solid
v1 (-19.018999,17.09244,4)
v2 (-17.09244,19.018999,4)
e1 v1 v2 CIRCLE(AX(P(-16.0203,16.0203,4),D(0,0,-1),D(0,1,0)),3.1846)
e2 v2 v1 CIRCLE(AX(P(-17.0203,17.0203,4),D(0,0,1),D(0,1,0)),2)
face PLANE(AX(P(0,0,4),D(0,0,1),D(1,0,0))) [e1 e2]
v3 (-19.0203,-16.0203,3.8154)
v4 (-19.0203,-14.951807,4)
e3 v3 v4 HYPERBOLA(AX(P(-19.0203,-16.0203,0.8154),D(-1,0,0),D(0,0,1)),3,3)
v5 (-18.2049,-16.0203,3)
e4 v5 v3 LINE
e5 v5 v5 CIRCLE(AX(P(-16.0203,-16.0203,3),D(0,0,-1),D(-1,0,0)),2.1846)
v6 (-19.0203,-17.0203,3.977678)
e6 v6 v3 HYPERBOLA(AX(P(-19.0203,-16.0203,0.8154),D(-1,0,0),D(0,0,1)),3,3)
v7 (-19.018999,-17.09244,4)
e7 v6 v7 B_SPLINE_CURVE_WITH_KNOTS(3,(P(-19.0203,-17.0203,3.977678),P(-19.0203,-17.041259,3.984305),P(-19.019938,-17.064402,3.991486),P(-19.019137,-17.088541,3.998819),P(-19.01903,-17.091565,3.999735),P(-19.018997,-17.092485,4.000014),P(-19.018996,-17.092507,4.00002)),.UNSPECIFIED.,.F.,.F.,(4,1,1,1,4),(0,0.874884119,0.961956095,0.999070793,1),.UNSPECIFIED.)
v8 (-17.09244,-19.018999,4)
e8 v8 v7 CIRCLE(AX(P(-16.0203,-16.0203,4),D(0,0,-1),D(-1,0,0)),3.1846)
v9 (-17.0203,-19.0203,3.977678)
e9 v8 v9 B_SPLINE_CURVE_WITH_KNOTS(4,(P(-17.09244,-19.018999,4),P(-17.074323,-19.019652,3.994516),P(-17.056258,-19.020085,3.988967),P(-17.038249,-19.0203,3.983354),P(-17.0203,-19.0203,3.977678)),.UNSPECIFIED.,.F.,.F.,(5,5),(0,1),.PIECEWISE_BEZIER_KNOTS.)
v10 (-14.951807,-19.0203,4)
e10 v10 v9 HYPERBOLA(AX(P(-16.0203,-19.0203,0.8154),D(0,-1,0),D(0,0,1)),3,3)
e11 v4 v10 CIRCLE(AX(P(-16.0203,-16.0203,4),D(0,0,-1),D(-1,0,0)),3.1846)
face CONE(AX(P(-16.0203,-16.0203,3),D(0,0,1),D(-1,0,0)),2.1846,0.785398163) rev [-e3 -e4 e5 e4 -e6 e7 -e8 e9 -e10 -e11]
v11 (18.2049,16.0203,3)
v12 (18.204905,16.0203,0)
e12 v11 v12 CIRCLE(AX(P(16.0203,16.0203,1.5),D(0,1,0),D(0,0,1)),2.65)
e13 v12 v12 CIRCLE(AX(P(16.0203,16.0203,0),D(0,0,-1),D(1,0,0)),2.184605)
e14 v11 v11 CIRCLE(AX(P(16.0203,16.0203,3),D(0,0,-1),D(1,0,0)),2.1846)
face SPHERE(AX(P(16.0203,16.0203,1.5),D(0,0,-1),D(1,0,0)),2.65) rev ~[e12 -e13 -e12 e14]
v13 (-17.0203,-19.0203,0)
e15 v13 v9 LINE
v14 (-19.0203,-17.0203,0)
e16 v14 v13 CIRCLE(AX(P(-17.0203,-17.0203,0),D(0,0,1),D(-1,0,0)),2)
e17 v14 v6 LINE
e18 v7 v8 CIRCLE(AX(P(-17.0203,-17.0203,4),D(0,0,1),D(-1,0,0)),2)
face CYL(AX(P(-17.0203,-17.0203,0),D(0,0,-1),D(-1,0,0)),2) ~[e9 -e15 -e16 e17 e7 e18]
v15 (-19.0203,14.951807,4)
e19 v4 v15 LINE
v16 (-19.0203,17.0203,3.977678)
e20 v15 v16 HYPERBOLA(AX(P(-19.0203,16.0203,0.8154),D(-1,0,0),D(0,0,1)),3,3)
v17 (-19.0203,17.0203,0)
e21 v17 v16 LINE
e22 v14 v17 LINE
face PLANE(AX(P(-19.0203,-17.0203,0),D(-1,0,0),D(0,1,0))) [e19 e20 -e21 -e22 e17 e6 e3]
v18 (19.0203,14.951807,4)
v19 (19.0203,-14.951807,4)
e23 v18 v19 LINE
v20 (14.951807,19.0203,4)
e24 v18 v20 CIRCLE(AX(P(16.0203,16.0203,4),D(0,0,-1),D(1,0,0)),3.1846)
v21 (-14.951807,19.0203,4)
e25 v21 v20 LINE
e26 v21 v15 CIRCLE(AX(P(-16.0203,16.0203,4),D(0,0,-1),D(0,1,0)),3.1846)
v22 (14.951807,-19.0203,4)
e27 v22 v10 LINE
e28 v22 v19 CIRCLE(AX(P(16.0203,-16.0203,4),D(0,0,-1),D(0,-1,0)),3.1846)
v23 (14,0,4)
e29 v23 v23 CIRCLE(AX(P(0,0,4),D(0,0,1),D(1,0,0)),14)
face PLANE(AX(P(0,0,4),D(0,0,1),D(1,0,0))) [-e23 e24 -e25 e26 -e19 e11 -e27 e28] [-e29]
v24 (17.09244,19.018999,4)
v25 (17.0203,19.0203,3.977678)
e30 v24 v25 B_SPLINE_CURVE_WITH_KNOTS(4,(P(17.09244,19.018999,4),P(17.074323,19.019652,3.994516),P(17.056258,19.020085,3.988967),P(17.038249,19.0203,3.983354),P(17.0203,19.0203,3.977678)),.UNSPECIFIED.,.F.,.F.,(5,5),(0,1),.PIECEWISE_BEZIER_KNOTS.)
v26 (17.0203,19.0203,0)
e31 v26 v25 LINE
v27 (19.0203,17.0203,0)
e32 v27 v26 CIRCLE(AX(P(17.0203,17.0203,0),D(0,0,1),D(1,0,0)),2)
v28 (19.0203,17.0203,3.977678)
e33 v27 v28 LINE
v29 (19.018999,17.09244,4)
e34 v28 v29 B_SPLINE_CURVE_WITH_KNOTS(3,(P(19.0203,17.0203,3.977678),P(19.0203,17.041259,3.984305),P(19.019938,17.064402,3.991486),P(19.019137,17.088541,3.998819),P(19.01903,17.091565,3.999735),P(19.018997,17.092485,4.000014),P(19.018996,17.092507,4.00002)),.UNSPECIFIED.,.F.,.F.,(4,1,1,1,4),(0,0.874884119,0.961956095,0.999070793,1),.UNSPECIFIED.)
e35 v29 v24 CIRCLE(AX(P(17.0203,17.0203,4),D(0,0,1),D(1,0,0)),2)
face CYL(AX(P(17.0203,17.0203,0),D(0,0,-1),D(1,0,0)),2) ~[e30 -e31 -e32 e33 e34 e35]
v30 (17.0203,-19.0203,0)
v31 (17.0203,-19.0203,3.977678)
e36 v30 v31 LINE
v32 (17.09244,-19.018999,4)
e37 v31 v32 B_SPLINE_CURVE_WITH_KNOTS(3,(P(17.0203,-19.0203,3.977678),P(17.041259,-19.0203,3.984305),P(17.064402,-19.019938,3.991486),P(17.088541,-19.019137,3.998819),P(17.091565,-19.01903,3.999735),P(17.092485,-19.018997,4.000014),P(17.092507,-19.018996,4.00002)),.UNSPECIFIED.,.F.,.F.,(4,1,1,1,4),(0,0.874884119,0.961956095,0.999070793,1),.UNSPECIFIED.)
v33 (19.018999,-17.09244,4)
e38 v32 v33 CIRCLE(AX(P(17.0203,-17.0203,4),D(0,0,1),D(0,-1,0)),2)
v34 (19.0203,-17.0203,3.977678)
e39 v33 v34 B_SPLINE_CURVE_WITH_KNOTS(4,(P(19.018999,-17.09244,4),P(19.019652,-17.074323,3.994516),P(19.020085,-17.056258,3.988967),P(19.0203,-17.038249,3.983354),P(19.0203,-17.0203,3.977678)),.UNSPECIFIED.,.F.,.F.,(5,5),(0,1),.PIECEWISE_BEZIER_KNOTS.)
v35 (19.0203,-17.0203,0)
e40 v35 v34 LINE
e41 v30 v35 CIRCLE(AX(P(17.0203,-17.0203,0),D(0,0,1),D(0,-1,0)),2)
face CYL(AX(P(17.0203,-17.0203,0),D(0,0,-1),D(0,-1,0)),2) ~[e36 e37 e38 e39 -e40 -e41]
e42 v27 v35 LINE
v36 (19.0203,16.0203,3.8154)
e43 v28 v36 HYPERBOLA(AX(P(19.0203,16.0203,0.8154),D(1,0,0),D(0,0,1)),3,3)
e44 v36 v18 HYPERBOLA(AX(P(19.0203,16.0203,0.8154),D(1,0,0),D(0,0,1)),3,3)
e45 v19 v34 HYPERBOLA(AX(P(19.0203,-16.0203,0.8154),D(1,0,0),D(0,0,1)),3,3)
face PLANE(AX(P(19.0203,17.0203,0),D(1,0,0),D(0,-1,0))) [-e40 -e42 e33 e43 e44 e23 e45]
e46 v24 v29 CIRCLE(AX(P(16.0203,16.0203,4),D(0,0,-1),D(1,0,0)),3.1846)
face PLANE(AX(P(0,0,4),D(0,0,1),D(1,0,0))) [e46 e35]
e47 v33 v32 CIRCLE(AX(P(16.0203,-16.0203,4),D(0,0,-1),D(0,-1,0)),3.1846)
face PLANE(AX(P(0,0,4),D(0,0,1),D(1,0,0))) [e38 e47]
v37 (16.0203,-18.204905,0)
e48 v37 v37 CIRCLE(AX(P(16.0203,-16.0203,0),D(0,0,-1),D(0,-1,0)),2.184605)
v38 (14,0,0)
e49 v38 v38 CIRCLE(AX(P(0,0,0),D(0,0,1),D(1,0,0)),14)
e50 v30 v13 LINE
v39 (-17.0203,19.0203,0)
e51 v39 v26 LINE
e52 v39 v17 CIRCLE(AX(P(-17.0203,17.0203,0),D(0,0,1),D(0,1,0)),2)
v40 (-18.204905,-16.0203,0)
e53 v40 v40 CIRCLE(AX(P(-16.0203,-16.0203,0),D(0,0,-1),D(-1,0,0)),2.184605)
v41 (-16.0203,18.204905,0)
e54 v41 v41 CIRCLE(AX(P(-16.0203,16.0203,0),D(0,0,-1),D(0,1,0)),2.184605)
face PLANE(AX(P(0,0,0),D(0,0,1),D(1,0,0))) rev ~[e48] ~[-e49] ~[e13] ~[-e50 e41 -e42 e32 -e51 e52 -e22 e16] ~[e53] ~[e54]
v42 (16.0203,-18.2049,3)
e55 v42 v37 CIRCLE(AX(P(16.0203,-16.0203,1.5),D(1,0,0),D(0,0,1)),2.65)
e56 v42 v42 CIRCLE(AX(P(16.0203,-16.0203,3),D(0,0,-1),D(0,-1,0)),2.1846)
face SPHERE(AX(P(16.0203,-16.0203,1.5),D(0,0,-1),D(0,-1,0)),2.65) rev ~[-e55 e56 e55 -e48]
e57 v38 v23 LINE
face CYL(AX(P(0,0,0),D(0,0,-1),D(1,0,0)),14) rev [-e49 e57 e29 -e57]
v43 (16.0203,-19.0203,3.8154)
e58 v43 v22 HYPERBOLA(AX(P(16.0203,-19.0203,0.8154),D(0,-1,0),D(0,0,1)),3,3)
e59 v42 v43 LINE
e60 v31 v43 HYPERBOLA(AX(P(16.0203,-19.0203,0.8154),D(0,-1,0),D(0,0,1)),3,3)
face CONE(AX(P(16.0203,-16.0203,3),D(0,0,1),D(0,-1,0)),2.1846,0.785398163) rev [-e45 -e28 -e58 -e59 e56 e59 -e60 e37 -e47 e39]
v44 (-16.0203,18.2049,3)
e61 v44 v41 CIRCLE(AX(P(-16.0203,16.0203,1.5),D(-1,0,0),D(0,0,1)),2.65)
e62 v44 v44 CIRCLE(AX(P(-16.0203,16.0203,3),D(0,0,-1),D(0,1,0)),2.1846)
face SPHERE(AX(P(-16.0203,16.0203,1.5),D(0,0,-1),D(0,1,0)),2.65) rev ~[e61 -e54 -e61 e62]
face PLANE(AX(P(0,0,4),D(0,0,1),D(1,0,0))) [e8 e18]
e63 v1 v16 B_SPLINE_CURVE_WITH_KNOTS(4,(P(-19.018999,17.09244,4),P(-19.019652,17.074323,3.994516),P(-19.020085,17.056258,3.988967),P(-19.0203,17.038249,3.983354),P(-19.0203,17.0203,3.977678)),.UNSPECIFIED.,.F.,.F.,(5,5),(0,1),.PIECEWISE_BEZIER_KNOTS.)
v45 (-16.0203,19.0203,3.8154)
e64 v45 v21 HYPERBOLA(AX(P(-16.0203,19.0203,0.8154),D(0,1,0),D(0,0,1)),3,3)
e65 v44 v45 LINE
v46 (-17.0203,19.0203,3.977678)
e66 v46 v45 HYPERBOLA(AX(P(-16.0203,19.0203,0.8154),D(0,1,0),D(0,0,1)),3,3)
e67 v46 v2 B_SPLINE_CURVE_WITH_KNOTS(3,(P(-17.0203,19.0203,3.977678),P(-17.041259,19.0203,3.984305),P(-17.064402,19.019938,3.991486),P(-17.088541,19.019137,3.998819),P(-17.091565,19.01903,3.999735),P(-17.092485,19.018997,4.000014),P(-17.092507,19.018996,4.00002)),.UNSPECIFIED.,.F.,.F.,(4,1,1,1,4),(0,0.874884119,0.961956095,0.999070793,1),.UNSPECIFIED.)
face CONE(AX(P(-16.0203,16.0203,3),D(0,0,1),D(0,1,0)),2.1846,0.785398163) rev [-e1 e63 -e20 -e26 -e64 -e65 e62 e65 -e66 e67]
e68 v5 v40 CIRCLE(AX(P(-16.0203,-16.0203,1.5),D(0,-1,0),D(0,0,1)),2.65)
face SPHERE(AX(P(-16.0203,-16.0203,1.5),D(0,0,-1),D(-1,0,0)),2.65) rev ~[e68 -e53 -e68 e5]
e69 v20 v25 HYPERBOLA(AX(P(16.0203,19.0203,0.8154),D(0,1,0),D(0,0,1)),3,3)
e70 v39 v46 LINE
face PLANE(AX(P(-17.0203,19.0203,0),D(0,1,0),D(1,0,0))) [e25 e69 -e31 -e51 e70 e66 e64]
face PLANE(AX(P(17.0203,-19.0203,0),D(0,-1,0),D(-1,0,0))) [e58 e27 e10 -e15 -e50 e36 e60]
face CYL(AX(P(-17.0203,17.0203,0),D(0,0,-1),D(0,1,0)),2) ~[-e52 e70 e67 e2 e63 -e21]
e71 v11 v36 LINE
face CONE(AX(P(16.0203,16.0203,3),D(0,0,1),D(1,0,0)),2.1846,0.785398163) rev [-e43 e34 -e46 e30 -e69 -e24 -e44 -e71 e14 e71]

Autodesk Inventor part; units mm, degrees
ref_plane "YZ Plane" through (0, 0, 0) normal (1, 0, 0) x (0, 1, 0)
ref_plane "XZ Plane" through (0, 0, 0) normal (0, 1, 0) x (-1, 0, 0)
sketch "Sketch1" plane through (0, 0, 0) normal (0, 0, 1) x (1, 0, 0)
  circle A0 centre (16.0203, -16.0203) radius 2.75 construction
  circle A1 centre (-16.0203, 16.0203) radius 2.75 construction
  circle A2 centre (16.0203, 16.0203) radius 2.75 construction
  circle A3 centre (-16.0203, -16.0203) radius 2.75 construction
  circle A4 centre (0, 0) radius 12.5 construction
  line L0 (17.0203, -19.0203) -> (-17.0203, -19.0203)
  line L1 (-19.0203, -17.0203) -> (-19.0203, 17.0203)
  line L2 (-17.0203, 19.0203) -> (17.0203, 19.0203)
  line L3 (19.0203, 17.0203) -> (19.0203, -17.0203)
  line L4 (19.0203, -19.0203) -> (-19.0203, 19.0203) construction
  line L5 (-19.0203, -19.0203) -> (19.0203, 19.0203) construction
  arc A5 (-17.0203, 19.0203) -> (-19.0203, 17.0203) centre (-17.0203, 17.0203) ccw
  arc A6 (-19.0203, -17.0203) -> (-17.0203, -19.0203) centre (-17.0203, -17.0203) ccw
  arc A7 (17.0203, -19.0203) -> (19.0203, -17.0203) centre (17.0203, -17.0203) ccw
  arc A8 (19.0203, 17.0203) -> (17.0203, 19.0203) centre (17.0203, 17.0203) ccw
  circle A9 centre (0, 0) radius 14
  line L6 (16.9, 24.9006) -> (-16.9, 24.9006) projected
  line L7 (-16.9, 21.2821) -> (-16.9, 24.9006) projected
  line L8 (-21.2821, 16.9) -> (-16.9, 21.2821) projected
  line L9 (-24.9006, 16.9) -> (-21.2821, 16.9) projected
  line L10 (-24.9006, -16.9) -> (-24.9006, 16.9) projected
  line L11 (-21.2821, -16.9) -> (-24.9006, -16.9) projected
  line L12 (-16.9, -21.2821) -> (-21.2821, -16.9) projected
  line L13 (-16.9, -24.9006) -> (-16.9, -21.2821) projected
  line L14 (16.9, -24.9006) -> (-16.9, -24.9006) projected
  line L15 (16.9, -24.9006) -> (16.9, -21.2821) projected
  line L16 (16.9, -21.2821) -> (21.2821, -16.9) projected
  line L17 (21.2821, -16.9) -> (24.9006, -16.9) projected
  line L18 (24.9006, -16.9) -> (24.9006, -16.8) projected
  line L19 (24.9006, -16.8) -> (24.9006, 16.9) projected
  line L20 (24.9006, 16.9) -> (21.2821, 16.9) projected
  line L21 (21.2821, 16.9) -> (16.9, 21.2821) projected
  line L22 (16.9, 21.2821) -> (16.9, 24.9006) projected
  point P0 (16.8, 24.9006)
  point P1 (-16.8, 24.9006)
  point P2 (-24.9006, 16.8)
  point P3 (-24.9006, -16.8)
  point P4 (-16.8, -24.9006)
  point P5 (16.8, -24.9006)
  point P6 (24.9006, 16.8)
  dimension "d0" = 2
  dimension "d1" = 28
extrude "Extrusion1" add sketch "Sketch1" along normal blind 4 contours L0 A6 L1 A5 L2 A8 L3 A7
ref_plane "Work Plane1" through (-17.0203, 16.0203, 0) normal (0, 1, 0) x (1, 0, 0)
sketch "Sketch2" plane through (-17.0203, 16.0203, 0) normal (0, 1, 0) x (1, 0, 0)
  line L0 (3.0203, 0) -> (31.0203, 0) construction
  line L1 (0, 0) -> (-2, 0) construction
  line L2 (34.0406, 0) -> (0, 0) construction
  line L3 (36.0406, 0) -> (34.0406, 0) construction
  line L4 (34.0406, 0) -> (36.0406, 0) construction
  line L5 (0, 0) -> (34.0406, 0) construction
  line L6 (-2, 0) -> (0, 0) construction
  line L7 (31.0203, -4) -> (3.0203, -4) construction
  line L8 (-2, -4) -> (0, -4) construction
  line L9 (0, -4) -> (34.0406, -4) construction
  line L10 (34.0406, -4) -> (36.0406, -4) construction
  line L11 (36.0406, -4) -> (34.0406, -4) construction
  line L12 (34.0406, -4) -> (0, -4) construction
  line L13 (0, -4) -> (-2, -4) construction
  line L14 (33.8203, 0) -> (0.2203, 0) construction
  line L15 (33.0406, 0) -> (33.0406, -4) construction
  arc A0 (33.0406, -4.15) -> (33.0406, 1.15) centre (33.0406, -1.5) ccw
  line L16 (35.2252, -3) -> (36.2252, -4)
  line L17 (33.0406, -1.5) -> (35.6906, -1.5) construction
  line L18 (36.2252, -4) -> (33.0406, -4)
  line L19 (0, -4) -> (34.0406, -4) construction
  line L20 (33.0406, -4) -> (33.0406, 1.15)
  line L21 (36.0406, 0) -> (36.0406, -4) projected
  point P0 (17.0203, 0)
  dimension "d4" = 2.65
  dimension "d5" = 2.5
  dimension "d7" = 135
  dimension "d8" = 1.5
  dimension "d14" = 3
revolve "Revolution1" cut sketch "Sketch2" angle 360 about axis through (16.0203, 16.0203, 4) along (0, 0, -1)
pattern_circular "Circular Pattern1" count 4 over 360 about axis through (0, 0, -10) along (0, 0, 1) of "Revolution1"
properties part number "20_Cube_Insert_Sample_clamp_magnetic"
